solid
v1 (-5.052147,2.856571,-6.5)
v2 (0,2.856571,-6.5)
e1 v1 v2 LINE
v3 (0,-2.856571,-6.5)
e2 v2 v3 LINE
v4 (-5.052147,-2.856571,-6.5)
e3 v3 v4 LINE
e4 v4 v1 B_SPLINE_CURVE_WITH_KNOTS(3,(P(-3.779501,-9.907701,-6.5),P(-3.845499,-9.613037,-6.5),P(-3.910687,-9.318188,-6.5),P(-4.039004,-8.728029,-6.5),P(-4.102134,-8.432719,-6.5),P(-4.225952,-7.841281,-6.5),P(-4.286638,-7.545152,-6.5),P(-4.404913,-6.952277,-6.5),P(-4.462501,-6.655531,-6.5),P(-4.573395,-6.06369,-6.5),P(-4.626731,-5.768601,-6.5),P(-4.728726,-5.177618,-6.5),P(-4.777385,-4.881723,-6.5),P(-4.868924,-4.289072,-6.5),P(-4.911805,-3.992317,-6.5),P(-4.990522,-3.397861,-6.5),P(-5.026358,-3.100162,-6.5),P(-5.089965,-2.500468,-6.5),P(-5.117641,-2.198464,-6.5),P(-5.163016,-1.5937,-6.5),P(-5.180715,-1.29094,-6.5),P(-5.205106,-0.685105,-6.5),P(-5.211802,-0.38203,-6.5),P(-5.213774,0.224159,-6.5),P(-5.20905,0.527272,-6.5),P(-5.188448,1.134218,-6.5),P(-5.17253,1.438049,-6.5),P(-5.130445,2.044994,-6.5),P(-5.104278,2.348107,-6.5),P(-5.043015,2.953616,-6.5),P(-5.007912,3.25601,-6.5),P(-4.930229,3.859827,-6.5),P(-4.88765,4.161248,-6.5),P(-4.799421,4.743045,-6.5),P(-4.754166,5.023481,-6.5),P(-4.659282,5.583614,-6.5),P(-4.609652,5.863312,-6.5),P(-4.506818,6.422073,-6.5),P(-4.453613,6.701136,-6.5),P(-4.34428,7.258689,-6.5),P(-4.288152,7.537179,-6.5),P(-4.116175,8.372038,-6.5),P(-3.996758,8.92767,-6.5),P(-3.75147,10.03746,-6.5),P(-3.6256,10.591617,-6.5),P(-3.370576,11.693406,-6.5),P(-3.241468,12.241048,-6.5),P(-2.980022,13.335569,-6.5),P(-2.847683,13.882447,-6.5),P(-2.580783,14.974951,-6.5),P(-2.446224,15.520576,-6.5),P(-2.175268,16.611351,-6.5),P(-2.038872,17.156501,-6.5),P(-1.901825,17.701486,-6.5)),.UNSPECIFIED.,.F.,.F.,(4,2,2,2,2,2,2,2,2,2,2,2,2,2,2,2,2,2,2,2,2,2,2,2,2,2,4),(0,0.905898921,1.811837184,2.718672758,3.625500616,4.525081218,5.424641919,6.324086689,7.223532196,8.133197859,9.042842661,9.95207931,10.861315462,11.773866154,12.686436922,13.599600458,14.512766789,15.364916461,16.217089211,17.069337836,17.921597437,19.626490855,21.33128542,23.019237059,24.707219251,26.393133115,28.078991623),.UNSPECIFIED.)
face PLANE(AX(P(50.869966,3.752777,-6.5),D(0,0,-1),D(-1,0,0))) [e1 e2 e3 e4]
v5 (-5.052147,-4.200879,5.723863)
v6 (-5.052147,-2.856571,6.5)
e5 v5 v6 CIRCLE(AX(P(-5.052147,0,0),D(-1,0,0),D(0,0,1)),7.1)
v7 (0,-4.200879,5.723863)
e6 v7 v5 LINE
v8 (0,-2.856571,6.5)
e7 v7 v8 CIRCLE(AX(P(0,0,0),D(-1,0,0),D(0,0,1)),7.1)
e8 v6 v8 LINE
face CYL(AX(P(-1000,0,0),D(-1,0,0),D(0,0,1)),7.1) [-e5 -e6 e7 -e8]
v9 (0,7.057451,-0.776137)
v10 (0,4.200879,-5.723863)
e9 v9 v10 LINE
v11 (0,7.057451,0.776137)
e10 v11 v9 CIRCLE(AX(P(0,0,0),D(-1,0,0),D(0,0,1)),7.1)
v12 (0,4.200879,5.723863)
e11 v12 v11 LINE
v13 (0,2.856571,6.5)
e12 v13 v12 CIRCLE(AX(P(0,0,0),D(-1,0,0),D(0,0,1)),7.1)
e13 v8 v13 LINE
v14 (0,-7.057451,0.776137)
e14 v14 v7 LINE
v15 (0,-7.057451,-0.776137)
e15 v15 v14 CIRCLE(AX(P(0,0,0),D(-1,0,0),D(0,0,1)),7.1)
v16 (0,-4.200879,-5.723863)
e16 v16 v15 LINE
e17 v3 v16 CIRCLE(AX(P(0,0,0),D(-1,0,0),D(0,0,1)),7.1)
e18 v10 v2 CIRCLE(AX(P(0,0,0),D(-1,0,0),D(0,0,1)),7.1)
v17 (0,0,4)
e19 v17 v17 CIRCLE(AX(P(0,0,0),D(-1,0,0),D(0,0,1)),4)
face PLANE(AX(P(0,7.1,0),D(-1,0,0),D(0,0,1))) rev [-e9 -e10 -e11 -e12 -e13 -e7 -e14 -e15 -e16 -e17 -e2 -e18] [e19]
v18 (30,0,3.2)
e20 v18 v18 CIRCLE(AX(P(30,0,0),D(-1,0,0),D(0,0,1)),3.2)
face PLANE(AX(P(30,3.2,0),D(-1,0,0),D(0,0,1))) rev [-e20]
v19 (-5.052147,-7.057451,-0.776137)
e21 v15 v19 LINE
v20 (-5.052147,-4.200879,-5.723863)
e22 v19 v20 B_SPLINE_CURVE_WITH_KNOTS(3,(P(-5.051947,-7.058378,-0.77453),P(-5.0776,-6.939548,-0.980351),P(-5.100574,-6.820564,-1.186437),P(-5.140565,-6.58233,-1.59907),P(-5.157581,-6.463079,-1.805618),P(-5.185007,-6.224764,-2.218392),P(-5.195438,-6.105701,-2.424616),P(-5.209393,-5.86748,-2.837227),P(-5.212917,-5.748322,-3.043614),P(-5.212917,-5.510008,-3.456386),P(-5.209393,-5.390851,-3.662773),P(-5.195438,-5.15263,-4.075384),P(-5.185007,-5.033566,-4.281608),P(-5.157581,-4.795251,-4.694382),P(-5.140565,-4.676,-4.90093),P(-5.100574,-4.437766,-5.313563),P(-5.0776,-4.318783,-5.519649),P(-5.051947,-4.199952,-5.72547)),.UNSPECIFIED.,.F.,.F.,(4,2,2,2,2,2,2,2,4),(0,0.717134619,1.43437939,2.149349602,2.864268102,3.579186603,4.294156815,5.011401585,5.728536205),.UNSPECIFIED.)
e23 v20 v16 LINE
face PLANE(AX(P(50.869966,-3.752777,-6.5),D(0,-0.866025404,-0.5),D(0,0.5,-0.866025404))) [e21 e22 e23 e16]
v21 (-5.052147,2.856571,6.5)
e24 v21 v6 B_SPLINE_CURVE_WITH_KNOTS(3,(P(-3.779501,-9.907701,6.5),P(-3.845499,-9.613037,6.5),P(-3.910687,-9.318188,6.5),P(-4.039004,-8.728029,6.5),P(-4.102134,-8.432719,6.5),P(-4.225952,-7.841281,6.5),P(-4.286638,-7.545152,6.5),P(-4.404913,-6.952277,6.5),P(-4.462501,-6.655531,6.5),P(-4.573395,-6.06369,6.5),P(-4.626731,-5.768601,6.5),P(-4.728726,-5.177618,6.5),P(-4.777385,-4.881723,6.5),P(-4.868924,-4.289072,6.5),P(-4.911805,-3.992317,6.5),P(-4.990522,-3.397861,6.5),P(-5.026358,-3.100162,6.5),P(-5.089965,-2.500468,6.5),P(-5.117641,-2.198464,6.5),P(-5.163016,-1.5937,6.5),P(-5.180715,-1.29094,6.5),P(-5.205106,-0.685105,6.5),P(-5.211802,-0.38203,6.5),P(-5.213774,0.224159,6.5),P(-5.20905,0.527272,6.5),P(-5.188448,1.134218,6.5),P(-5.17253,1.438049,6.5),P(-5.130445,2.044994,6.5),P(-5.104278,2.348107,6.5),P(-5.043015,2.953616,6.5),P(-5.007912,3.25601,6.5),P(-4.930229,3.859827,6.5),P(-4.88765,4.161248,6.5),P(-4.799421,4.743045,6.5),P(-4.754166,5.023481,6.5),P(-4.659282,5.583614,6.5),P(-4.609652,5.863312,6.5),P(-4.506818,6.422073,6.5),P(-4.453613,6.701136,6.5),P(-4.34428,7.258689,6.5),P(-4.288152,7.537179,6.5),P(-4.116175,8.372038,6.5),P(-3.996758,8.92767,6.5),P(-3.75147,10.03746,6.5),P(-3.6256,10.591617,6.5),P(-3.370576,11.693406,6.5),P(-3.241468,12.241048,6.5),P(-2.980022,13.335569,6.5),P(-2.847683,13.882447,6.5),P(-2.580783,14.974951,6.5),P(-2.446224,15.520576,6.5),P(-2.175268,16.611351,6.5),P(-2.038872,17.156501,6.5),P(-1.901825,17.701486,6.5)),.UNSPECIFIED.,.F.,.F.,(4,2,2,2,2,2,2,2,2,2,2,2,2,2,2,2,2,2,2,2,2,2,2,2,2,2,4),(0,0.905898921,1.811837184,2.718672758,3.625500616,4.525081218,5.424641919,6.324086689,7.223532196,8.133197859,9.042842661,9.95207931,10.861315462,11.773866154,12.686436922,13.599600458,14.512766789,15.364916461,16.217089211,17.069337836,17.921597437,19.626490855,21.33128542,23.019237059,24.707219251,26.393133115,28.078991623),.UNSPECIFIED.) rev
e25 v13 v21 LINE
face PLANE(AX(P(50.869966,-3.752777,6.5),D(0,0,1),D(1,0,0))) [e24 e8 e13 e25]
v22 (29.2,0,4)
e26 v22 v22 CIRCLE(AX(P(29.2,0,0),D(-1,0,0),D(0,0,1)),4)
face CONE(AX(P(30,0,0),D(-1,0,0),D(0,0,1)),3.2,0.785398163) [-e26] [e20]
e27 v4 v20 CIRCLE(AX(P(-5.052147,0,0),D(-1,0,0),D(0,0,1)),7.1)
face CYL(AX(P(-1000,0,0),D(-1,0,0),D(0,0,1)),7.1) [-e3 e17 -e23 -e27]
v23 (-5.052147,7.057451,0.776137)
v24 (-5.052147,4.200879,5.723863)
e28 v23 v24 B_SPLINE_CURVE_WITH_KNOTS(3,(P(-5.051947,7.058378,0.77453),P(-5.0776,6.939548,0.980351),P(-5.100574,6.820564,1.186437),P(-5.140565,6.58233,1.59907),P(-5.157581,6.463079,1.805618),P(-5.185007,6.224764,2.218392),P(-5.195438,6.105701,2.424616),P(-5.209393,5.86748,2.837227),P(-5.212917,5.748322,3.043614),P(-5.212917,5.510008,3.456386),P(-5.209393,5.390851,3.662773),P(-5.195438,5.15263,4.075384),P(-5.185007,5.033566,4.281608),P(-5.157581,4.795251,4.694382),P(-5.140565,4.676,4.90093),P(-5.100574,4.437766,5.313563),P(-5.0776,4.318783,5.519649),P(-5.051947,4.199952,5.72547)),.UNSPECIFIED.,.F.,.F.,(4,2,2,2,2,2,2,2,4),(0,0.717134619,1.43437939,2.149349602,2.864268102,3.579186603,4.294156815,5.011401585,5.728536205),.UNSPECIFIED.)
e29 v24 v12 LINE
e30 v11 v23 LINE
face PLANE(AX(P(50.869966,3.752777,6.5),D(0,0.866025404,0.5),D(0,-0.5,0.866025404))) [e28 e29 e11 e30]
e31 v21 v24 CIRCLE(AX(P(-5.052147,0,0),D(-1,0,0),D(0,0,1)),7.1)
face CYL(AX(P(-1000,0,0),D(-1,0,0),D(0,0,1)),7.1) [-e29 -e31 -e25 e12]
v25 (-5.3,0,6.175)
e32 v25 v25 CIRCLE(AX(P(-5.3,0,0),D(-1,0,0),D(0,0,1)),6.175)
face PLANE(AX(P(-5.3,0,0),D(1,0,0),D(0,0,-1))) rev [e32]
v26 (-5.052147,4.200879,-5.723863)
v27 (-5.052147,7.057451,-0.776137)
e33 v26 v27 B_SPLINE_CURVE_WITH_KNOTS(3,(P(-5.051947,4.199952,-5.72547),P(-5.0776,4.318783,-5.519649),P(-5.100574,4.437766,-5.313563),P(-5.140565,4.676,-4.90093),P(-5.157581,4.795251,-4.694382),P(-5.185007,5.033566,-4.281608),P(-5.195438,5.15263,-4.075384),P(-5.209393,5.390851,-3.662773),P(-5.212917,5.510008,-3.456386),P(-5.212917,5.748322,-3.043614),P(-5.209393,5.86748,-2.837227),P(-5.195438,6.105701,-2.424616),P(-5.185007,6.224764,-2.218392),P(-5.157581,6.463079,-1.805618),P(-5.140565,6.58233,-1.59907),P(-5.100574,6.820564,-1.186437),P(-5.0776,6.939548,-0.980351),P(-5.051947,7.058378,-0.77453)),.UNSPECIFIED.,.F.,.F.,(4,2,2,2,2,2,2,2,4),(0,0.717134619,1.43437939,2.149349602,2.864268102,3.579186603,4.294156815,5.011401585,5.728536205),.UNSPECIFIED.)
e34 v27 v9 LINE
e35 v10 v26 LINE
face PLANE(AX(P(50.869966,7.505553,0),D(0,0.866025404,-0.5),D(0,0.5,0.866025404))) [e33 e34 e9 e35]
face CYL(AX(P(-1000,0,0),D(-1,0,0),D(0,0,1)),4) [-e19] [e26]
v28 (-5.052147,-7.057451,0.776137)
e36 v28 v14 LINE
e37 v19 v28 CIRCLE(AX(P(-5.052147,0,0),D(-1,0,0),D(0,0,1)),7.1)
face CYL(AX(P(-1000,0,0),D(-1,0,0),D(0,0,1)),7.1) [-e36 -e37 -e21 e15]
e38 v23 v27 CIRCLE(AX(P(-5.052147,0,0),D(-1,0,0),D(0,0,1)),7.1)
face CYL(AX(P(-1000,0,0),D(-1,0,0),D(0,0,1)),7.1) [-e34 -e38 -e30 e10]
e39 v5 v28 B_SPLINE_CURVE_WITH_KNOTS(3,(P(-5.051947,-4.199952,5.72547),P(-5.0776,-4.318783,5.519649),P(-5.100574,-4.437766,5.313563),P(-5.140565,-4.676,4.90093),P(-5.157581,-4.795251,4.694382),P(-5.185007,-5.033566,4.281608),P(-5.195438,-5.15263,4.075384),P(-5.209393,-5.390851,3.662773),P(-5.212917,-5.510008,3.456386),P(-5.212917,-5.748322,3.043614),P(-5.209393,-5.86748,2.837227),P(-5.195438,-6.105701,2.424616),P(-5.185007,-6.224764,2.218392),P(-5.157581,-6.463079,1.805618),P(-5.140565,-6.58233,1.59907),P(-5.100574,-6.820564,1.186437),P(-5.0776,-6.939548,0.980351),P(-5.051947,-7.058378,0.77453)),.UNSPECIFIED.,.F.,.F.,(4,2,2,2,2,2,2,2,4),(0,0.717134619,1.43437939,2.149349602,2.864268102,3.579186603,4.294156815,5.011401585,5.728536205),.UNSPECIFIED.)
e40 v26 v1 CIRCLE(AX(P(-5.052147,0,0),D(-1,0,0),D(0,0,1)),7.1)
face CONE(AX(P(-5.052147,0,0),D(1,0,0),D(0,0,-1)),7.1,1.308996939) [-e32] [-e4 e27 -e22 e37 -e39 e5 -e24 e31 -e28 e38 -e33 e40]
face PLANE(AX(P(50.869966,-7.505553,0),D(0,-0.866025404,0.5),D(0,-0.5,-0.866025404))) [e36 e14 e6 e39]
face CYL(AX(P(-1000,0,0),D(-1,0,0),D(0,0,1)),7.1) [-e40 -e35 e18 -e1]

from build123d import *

# Parameters (mm, degrees)
SKETCH_2_OUTSIDE_W  = 24.322
SKETCH_2_OUTSIDE_H  = 24.322
CUT_EXTRUDE_1_DEPTH = 35.3


with BuildPart() as part:
    # Эскиз1 → Повернуть1 (revolve)
    with BuildSketch(Plane.XY):
        Polygon((-5.3, 0), (-5.3, 6.175), (-5.052146997, 7.1), (0, 7.1), (0, 4), (29.2, 4), (30, 3.2), (30, 0), align=None)
    revolve(axis=Axis((-1000, 0, 0), (1, 0, 0)))

    # Эскиз2 outside → Вырез-Вытянуть1 (cut)
    with BuildSketch(Plane.ZY.offset(5.3)):
        Rectangle(SKETCH_2_OUTSIDE_W, SKETCH_2_OUTSIDE_H)
        Polygon((0, 7.505553499), (-6.5, 3.75277675), (-6.5, -3.75277675), (0, -7.505553499), (6.5, -3.75277675), (6.5, 3.75277675), align=None, mode=Mode.SUBTRACT)
    extrude(amount=-CUT_EXTRUDE_1_DEPTH, mode=Mode.SUBTRACT)


solid = part.part
